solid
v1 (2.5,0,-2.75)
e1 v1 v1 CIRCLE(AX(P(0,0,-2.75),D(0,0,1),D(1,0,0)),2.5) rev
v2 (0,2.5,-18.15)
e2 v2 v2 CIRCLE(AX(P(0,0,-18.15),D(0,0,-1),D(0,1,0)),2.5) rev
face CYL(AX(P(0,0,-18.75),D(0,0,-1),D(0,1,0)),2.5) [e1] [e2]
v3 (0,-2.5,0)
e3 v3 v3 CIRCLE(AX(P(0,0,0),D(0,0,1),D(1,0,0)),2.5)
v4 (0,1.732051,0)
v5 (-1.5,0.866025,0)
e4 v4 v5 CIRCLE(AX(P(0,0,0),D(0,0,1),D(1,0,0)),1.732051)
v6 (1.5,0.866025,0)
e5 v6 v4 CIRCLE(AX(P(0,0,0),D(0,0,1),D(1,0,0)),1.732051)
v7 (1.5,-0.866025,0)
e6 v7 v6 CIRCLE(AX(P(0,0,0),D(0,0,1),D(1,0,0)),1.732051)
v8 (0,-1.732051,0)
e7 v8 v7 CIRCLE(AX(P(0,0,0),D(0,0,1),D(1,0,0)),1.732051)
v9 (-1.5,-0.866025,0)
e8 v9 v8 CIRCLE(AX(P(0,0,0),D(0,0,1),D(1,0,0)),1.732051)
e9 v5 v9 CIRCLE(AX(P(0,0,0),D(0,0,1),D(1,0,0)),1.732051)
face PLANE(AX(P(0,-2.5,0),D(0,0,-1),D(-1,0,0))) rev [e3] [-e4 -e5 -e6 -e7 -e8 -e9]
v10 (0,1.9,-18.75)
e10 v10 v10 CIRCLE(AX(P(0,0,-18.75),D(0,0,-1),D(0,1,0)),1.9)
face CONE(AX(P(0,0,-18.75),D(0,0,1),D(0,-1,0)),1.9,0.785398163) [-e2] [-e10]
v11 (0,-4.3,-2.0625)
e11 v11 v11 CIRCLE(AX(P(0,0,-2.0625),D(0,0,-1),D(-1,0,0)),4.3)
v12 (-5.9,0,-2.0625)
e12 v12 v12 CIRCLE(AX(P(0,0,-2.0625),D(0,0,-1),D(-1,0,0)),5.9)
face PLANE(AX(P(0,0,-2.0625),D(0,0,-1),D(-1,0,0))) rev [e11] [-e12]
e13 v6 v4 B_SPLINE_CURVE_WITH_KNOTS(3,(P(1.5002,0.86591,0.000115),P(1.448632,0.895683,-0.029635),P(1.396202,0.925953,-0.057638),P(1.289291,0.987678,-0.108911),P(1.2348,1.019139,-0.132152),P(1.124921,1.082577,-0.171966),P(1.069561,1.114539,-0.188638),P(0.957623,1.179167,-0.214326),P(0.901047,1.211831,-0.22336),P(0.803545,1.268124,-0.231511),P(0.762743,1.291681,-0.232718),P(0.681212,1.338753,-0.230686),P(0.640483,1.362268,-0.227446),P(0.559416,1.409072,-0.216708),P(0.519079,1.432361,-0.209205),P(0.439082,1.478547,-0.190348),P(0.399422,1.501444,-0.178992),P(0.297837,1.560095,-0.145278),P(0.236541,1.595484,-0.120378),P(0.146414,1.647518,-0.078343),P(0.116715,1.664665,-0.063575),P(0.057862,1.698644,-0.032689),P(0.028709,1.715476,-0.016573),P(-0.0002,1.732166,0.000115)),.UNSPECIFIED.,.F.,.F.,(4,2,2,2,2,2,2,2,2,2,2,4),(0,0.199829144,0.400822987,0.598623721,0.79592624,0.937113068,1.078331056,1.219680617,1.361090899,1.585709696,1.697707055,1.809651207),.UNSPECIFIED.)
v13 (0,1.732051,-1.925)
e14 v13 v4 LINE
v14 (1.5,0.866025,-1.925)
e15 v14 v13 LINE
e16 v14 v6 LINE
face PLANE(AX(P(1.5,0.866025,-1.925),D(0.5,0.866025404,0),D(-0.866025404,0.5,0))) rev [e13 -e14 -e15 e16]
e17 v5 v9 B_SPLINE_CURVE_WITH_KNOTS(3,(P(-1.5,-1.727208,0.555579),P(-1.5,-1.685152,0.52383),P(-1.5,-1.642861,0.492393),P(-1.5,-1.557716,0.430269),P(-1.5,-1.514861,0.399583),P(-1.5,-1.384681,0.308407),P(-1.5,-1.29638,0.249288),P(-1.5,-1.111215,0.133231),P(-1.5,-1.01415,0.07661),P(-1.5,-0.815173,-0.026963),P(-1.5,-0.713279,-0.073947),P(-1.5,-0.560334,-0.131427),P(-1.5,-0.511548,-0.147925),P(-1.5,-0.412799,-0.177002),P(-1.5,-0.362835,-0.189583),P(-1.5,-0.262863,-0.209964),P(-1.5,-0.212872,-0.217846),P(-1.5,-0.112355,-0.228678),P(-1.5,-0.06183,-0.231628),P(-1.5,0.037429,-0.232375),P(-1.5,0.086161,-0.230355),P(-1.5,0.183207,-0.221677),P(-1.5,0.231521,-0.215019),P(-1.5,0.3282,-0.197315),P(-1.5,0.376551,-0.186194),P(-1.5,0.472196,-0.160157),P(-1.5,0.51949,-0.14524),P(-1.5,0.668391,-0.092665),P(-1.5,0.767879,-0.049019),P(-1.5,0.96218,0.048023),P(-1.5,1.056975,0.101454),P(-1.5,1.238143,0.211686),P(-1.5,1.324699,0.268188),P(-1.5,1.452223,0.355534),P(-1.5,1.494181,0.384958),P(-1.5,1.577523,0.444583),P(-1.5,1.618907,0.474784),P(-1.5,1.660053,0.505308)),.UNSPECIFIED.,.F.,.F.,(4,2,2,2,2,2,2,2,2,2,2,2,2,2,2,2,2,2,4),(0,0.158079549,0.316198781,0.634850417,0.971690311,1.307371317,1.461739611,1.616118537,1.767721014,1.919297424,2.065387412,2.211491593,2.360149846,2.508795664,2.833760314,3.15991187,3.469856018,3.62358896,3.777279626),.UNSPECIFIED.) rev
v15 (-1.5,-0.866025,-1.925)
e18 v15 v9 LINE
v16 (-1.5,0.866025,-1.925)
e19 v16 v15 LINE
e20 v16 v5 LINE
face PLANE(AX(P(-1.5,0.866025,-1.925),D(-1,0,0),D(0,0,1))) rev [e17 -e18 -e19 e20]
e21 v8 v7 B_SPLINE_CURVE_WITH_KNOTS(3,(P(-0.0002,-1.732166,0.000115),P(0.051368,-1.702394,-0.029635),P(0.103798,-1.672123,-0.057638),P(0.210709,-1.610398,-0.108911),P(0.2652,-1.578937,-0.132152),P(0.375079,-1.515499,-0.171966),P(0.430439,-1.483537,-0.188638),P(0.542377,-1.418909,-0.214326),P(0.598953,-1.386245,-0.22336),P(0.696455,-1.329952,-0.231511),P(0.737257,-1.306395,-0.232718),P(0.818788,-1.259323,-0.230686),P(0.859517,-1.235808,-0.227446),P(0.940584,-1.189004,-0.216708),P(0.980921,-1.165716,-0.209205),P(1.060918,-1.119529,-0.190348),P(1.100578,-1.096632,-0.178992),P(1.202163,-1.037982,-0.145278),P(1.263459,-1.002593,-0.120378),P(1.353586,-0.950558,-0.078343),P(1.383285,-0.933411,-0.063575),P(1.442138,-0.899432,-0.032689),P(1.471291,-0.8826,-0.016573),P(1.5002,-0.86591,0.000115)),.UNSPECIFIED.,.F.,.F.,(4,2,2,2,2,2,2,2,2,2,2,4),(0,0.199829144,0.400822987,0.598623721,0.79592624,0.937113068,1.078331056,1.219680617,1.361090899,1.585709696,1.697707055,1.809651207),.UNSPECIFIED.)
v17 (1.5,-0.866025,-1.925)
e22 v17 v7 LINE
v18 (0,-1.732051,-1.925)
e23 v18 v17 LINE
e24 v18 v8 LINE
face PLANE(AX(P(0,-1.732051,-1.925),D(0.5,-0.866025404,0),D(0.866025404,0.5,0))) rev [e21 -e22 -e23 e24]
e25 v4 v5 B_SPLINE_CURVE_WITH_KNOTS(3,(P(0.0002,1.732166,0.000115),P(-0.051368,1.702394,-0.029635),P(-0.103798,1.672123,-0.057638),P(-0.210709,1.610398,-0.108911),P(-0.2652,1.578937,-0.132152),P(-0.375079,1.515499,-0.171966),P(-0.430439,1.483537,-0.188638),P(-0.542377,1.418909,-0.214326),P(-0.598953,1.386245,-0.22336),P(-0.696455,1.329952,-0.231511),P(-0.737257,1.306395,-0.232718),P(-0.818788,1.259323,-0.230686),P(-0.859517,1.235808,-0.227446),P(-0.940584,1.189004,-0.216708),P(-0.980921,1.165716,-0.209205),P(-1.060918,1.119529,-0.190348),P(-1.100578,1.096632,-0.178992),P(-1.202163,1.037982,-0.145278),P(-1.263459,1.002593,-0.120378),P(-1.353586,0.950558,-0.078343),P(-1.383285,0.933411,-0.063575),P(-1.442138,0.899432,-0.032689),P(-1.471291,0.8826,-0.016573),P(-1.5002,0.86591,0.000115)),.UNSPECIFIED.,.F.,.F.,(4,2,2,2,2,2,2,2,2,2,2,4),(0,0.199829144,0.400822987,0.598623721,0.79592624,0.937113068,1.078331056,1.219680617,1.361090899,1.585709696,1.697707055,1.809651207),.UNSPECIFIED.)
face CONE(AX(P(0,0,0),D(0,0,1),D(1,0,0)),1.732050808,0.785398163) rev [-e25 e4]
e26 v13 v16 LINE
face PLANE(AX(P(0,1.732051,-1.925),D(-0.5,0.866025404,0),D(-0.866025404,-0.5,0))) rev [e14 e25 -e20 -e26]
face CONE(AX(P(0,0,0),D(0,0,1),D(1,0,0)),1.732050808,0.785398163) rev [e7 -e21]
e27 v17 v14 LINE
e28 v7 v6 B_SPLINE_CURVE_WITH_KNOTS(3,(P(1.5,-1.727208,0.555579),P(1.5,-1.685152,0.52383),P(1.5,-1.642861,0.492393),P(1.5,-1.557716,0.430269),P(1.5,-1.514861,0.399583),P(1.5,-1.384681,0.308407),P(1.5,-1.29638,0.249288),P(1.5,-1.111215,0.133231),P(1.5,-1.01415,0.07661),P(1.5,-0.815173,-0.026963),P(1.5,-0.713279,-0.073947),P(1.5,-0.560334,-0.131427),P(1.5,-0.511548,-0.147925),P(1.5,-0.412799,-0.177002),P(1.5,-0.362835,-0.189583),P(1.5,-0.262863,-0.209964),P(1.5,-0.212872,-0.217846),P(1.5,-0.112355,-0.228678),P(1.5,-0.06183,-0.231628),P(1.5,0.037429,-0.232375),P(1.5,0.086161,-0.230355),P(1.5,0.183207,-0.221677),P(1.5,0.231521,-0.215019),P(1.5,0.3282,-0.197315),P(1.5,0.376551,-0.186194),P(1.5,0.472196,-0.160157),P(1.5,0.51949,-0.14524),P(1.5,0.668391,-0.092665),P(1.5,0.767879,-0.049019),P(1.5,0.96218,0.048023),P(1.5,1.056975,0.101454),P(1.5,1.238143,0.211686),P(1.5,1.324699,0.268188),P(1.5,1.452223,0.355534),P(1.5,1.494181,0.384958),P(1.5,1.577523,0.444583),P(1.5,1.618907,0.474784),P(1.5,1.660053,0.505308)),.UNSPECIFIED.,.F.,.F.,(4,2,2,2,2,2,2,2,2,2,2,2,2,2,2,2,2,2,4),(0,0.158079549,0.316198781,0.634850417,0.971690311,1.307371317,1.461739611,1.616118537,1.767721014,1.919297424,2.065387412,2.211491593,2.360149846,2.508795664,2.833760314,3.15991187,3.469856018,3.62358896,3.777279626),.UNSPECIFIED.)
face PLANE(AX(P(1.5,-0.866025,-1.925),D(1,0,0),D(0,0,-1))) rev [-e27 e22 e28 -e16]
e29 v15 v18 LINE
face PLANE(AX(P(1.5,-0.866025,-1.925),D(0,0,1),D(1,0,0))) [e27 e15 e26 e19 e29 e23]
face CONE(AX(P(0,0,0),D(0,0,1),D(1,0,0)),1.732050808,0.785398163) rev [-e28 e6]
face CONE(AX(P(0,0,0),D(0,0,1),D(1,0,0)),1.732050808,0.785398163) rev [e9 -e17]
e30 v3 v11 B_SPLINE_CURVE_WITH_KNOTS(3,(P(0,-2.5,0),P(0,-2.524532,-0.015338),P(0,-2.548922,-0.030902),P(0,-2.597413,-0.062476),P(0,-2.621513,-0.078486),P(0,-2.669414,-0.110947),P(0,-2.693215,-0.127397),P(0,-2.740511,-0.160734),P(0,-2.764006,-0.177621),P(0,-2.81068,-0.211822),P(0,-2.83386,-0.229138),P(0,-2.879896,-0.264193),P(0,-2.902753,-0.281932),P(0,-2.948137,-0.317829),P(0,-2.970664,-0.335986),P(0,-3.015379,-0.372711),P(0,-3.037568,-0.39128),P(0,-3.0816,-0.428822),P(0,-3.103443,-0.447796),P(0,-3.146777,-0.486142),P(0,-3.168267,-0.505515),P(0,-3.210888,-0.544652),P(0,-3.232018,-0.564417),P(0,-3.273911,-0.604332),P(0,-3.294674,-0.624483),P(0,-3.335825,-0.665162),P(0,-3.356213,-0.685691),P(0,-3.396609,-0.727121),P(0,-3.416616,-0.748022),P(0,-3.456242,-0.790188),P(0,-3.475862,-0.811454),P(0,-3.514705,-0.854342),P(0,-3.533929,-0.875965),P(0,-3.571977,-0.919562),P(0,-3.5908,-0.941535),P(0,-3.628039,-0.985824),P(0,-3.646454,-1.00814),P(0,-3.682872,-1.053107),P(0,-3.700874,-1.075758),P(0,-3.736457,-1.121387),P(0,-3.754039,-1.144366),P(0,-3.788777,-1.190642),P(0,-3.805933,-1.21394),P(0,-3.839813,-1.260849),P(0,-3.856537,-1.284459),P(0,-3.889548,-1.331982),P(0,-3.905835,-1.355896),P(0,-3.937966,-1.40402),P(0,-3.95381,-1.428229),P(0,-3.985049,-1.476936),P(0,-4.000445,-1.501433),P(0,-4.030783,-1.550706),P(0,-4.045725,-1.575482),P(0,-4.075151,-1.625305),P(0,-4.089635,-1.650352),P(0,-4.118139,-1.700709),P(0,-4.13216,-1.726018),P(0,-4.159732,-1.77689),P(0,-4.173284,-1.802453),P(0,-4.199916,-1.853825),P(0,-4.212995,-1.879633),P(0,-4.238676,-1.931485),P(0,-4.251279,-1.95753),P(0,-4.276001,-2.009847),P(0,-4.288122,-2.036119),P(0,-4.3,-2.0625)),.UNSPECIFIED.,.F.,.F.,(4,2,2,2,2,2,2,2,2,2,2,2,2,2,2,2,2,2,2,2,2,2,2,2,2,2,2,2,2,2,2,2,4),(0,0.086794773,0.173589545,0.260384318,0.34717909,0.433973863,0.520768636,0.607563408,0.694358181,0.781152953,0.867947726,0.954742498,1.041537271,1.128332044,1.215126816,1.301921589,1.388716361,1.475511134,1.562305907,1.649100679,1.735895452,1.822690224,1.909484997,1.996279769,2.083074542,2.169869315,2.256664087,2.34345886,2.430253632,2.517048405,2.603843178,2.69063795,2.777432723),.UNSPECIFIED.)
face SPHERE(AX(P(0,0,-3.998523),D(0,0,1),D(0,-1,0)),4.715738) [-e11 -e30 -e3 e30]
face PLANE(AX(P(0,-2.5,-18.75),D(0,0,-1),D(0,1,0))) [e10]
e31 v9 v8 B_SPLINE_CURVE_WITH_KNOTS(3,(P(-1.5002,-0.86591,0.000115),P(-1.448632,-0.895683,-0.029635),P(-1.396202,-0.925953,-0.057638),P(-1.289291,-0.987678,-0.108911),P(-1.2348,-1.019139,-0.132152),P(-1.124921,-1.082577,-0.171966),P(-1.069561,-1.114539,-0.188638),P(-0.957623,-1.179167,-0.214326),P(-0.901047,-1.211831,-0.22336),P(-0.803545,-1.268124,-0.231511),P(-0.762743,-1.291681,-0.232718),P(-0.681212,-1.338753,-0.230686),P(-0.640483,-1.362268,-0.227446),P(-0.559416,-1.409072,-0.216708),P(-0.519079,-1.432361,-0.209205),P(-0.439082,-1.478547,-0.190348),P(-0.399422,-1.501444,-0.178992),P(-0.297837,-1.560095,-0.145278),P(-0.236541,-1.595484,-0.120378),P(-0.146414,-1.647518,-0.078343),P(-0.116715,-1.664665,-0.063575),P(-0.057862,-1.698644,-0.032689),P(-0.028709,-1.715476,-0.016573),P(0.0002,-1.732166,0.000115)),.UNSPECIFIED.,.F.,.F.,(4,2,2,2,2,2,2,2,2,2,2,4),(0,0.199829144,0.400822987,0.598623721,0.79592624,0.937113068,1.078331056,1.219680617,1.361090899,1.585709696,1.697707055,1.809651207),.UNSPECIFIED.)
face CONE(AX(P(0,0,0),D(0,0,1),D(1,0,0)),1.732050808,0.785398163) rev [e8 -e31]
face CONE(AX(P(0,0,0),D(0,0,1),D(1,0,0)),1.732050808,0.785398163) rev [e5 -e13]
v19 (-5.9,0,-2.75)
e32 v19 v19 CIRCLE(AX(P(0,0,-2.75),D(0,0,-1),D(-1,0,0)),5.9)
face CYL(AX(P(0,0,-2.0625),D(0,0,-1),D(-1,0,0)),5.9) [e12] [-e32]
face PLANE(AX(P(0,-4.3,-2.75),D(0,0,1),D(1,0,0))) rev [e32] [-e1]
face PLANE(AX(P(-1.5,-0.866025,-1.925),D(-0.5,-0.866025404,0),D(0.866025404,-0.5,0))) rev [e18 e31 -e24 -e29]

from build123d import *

# Parameters (mm, degrees)
SKETCH1_W           = 16
SKETCH1_H           = 2.5
CHAMFER1_SIZE       = 0.6
SKETCH11_R          = 5.9
BOSS_EXTRUDE3_DEPTH = 0.6875
CUT_EXTRUDE2_DEPTH  = 1.925


with BuildPart() as part:
    # Sketch1 → Revolve1 (revolve)
    with BuildSketch(Plane(origin=(0, 0, 0), x_dir=(0, 0, -1), z_dir=(1, 0, 0))):
        with Locations((10.75, 1.25)):
            Rectangle(SKETCH1_W, SKETCH1_H)
    revolve(axis=Axis((0, 0, -18.75), (0, 0, 1)))

    # Chamfer1
    chamfer1_edges = [part.edges().sort_by_distance(p)[0] for p in [
        (0, -2.5, -18.75),
    ]]
    chamfer(chamfer1_edges, length=CHAMFER1_SIZE)

    # Sketch7 → Revolve2 (revolve)
    with BuildSketch(Plane(origin=(0, 0, 0), x_dir=(0, 0, -1), z_dir=(1, 0, 0)), mode=Mode.PRIVATE) as revolve2_sk:
        with BuildLine():
            Line((2.0625, 4.3), (2.75, 4.3))
            Line((2.75, 4.3), (2.75, 0))
            Line((2.75, 0), (0, 0))
            Line((0, 0), (0, 2.5))
            ThreePointArc((0, 2.5), (0.897763556, 3.552953217), (2.0625, 4.3))
        make_face()
    revolve(revolve2_sk.sketch.rotate(Axis((0, 0, 0), (0, 0, -1)), 180), axis=Axis((0, 0, 0), (0, 0, -1)))

    # Sketch11 → Boss-Extrude3 (add)
    with BuildSketch(Plane(origin=(0, 0, -2.75), x_dir=(-1, 0, 0), z_dir=(0, 0, -1))):
        Circle(SKETCH11_R)
    extrude(amount=-BOSS_EXTRUDE3_DEPTH)

    # Sketch5 → Cut-Extrude2 (cut)
    with BuildSketch(Plane.XY):
        Polygon((1.5, -0.866025404), (1.5, 0.866025404), (0, 1.732050808), (-1.5, 0.866025404), (-1.5, -0.866025404), (0, -1.732050808), align=None)
    extrude(amount=-CUT_EXTRUDE2_DEPTH, mode=Mode.SUBTRACT)

    # Cut-Extrude3 cone 1 section (through the dimple's axis) → Cut-Extrude3 (revolve, cut)
    with BuildSketch(Plane(origin=(0, 0, 0), x_dir=(0, -1, 0), z_dir=(1, 0, 0))):
        Polygon((0, 0), (1.732050808, 0), (0, 1.732050808), align=None)
    revolve(axis=Axis((0, 0, 0), (0, 0, -1)), mode=Mode.SUBTRACT)


solid = part.part
